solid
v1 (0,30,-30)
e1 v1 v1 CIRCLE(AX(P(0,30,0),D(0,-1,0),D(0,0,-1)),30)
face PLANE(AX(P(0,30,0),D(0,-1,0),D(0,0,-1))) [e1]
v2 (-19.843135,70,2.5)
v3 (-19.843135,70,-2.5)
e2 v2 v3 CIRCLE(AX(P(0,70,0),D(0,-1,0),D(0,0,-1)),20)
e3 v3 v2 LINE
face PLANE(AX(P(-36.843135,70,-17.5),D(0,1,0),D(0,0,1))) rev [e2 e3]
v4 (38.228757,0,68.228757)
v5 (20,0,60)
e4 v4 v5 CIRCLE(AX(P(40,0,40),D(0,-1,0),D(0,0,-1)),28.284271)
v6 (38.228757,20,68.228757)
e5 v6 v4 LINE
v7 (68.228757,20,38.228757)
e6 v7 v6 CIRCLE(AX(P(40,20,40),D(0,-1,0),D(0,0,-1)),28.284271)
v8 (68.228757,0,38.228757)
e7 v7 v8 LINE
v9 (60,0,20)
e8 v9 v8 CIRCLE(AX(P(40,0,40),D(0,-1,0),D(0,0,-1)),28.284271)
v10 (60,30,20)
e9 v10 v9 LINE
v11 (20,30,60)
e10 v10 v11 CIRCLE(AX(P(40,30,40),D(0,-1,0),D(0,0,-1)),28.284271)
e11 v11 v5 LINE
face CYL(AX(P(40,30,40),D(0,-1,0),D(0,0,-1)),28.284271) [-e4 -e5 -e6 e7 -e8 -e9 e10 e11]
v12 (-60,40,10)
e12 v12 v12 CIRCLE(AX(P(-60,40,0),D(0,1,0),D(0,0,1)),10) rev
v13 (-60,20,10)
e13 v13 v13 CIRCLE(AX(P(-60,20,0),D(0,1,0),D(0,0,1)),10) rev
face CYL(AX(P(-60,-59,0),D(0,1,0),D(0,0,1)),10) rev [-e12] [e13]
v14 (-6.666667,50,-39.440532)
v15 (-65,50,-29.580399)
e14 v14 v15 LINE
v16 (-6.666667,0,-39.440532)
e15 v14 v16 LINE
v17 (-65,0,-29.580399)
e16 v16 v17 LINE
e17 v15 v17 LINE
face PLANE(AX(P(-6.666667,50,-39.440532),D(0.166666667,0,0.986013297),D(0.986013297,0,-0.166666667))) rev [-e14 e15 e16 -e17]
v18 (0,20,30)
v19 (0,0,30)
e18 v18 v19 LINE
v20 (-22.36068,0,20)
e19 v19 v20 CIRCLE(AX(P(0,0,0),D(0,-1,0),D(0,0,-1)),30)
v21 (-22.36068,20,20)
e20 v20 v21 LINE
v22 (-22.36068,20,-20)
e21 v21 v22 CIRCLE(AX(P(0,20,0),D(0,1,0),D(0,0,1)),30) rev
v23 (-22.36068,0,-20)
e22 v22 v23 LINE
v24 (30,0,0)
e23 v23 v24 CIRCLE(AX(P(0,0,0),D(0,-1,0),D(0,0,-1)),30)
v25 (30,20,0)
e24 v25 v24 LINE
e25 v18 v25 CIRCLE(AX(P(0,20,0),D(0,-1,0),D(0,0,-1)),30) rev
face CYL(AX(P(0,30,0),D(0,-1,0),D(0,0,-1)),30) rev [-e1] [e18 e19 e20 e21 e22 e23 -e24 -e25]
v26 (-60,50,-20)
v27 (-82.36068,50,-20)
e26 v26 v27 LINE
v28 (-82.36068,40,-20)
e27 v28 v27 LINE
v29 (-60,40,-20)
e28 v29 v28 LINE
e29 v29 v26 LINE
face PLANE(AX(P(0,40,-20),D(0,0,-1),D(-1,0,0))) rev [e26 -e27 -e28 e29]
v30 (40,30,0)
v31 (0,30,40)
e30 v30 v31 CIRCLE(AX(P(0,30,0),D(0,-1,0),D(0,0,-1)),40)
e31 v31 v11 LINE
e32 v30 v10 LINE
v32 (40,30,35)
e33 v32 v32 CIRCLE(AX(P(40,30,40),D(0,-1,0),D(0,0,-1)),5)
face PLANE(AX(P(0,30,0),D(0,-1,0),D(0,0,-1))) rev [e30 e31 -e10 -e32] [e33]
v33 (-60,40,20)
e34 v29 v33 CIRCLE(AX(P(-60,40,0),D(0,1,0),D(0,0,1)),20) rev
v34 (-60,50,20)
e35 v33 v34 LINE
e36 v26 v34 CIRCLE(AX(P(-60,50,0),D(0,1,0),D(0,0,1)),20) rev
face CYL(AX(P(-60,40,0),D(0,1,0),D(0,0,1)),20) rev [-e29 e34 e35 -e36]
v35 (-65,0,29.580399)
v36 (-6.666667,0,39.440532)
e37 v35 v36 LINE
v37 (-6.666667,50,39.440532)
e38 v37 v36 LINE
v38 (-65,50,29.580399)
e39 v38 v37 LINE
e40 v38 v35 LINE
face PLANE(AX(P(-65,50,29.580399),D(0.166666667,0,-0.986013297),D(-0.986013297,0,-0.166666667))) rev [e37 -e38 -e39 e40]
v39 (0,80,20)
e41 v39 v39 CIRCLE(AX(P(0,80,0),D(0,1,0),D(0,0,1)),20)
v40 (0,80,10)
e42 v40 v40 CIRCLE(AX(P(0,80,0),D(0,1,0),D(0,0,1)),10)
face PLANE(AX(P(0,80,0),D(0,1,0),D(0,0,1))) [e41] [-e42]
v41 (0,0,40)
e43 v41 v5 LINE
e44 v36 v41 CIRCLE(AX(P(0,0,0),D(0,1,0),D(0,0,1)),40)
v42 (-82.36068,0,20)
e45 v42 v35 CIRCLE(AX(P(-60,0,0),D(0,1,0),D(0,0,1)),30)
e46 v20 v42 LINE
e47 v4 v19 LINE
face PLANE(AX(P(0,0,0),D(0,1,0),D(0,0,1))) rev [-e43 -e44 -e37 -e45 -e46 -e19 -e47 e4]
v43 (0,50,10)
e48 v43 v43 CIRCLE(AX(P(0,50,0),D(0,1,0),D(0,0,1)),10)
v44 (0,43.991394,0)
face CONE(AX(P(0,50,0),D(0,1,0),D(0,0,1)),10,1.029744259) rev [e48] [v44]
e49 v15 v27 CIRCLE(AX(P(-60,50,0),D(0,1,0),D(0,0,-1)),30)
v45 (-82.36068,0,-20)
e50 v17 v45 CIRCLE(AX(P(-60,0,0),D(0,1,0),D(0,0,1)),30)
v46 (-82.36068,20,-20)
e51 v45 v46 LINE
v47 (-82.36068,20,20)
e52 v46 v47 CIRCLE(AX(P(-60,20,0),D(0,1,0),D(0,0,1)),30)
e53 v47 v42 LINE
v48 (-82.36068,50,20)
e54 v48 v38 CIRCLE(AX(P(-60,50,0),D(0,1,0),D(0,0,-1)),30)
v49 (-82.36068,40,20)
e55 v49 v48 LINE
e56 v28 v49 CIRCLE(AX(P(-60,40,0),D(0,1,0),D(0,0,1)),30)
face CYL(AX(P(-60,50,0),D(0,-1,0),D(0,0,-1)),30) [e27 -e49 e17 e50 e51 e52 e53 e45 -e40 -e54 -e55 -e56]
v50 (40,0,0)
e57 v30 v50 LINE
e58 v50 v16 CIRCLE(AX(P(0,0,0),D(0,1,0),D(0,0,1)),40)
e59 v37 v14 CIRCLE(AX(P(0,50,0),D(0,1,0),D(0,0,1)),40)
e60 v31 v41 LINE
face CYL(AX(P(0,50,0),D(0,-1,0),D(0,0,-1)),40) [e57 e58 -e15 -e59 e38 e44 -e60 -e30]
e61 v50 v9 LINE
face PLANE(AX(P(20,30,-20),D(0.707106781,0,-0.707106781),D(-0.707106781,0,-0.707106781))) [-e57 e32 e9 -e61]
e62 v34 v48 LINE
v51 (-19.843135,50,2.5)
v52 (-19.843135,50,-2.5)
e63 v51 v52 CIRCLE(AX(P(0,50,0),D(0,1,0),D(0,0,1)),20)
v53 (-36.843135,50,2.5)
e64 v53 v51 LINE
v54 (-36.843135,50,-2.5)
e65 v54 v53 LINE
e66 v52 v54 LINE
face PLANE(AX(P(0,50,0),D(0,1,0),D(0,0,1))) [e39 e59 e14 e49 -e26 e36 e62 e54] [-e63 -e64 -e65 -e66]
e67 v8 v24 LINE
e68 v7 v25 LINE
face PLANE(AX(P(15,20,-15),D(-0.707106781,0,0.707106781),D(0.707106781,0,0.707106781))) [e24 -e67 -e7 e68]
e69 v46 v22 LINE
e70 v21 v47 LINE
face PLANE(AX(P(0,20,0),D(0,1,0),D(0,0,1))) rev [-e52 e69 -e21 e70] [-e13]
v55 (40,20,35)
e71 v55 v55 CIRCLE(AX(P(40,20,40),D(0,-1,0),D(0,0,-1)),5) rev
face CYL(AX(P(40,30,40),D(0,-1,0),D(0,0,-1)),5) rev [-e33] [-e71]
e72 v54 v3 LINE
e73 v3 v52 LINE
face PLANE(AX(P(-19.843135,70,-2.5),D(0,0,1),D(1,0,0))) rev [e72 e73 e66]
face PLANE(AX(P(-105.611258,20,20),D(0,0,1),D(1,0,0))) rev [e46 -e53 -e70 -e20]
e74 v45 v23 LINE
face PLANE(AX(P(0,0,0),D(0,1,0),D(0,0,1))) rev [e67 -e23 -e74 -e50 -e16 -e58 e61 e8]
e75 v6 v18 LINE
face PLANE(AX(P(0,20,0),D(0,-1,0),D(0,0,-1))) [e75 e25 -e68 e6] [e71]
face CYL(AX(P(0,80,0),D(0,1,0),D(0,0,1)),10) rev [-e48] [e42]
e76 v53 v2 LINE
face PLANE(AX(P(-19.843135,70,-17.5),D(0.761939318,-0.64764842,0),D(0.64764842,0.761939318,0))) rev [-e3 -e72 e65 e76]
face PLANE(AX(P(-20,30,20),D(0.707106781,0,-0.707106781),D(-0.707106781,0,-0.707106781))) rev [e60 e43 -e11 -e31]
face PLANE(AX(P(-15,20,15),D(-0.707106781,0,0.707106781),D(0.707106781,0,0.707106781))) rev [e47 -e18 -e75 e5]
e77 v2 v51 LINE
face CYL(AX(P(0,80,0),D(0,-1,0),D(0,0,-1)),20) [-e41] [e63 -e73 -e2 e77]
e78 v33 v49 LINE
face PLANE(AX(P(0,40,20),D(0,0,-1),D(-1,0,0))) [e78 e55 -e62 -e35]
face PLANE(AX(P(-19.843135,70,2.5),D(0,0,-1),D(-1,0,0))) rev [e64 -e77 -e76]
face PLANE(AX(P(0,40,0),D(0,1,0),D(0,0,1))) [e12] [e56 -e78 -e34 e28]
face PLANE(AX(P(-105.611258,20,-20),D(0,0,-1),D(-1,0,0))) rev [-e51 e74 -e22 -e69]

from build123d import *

# Parameters (mm, degrees)
BOSS_EXTRUDE1_DEPTH        = 50
SKETCH2_R                  = 30
CUT_EXTRUDE1_DEPTH         = 30
SKETCH3_R                  = 20
BOSS_EXTRUDE2_DEPTH        = 30
F_20_0MM_DOWEL_HOLE1_D     = 20
F_20_0MM_DOWEL_HOLE1_DEPTH = 30
F_20_0MM_DOWEL_HOLE1_TIP   = 6.00860619
SKETCH6_R                  = 10
CUT_EXTRUDE2_DEPTH         = 109
SKETCH7_R                  = 10
CUT_EXTRUDE3_DEPTH         = 10
BOSS_EXTRUDE3_DEPTH        = 30
SKETCH11_R                 = 5
CUT_EXTRUDE4_DEPTH         = 30
SKETCH13_R                 = 5
CUT_EXTRUDE5_DEPTH         = 20
SKETCH14_W                 = 17
SKETCH14_H                 = 5
BOSS_EXTRUDE4_DEPTH        = 20
SKETCH15_W                 = 91.222515674
SKETCH15_H                 = 40
CUT_EXTRUDE6_DEPTH         = 20
CUT_EXTRUDE7_DEPTH         = 20


with BuildPart() as part:
    # Sketch1 → Boss-Extrude1 (new body)
    with BuildSketch(Plane(origin=(0, 0, 0), x_dir=(1, 0, 0), z_dir=(0, 1, 0))):
        with BuildLine():
            Line((-6.666666667, 39.440531887), (-65, 29.580398915))
            ThreePointArc((-65, 29.580398915), (-74.494747679, 26.265991124), (-82.360679775, 20))
            ThreePointArc((-82.360679775, 20), (-90, 0), (-82.360679775, -20))
            ThreePointArc((-82.360679775, -20), (-74.494747679, -26.265991124), (-65, -29.580398915))
            Line((-65, -29.580398915), (-6.666666667, -39.440531887))
            ThreePointArc((-6.666666667, -39.440531887), (-3.345050411, -39.859887578), (0, -40))
            ThreePointArc((0, -40), (40, 0), (0, 40))
            ThreePointArc((0, 40), (-3.345050411, 39.859887578), (-6.666666667, 39.440531887))
        make_face()
    extrude(amount=BOSS_EXTRUDE1_DEPTH)

    # Sketch2 → Cut-Extrude1 (cut)
    with BuildSketch(Plane.XZ):
        Circle(SKETCH2_R)
    extrude(amount=-CUT_EXTRUDE1_DEPTH, mode=Mode.SUBTRACT)

    # Sketch3 → Boss-Extrude2 (add)
    with BuildSketch(Plane(origin=(0, 50, 0), x_dir=(1, 0, 0), z_dir=(0, 1, 0))):
        Circle(SKETCH3_R)
    extrude(amount=BOSS_EXTRUDE2_DEPTH)

    # Ø20.0mm Dowel Hole1
    with Locations(Plane.ZX.offset(80)):
        with Locations((0, 0)):
            Hole(F_20_0MM_DOWEL_HOLE1_D / 2, depth=F_20_0MM_DOWEL_HOLE1_DEPTH)
            with Locations((0, 0, -(F_20_0MM_DOWEL_HOLE1_DEPTH + F_20_0MM_DOWEL_HOLE1_TIP / 2))):  # 118° drill point
                Cone(0, F_20_0MM_DOWEL_HOLE1_D / 2, F_20_0MM_DOWEL_HOLE1_TIP, mode=Mode.SUBTRACT)

    # Sketch6 → Cut-Extrude2 (cut)
    with BuildSketch(Plane(origin=(0, 50, 0), x_dir=(1, 0, 0), z_dir=(0, 1, 0))):
        with Locations((-60, 0)):
            Circle(SKETCH6_R)
    extrude(amount=-CUT_EXTRUDE2_DEPTH, mode=Mode.SUBTRACT)

    # Sketch7 → Cut-Extrude3 (cut)
    with BuildSketch(Plane(origin=(0, 50, 0), x_dir=(1, 0, 0), z_dir=(0, 1, 0))):
        with BuildLine():
            ThreePointArc((-60, -20), (-40, 0), (-60, 20))
            Line((-60, 20), (-82.360679775, 20))
            ThreePointArc((-82.360679775, 20), (-90, 0), (-82.360679775, -20))
            Line((-82.360679775, -20), (-60, -20))
        make_face()
        with Locations((-60, 0)):
            Circle(SKETCH7_R, mode=Mode.SUBTRACT)
    extrude(amount=-CUT_EXTRUDE3_DEPTH, mode=Mode.SUBTRACT)

    # Sketch10 → Boss-Extrude3 (add)
    with BuildSketch(Plane.XZ):
        with BuildLine():
            Line((20, 60), (0, 40))
            ThreePointArc((0, 40), (28.284271247, 28.284271247), (40, 0))
            Line((40, 0), (60, 20))
            ThreePointArc((60, 20), (60, 60), (20, 60))
        make_face()
    extrude(amount=-BOSS_EXTRUDE3_DEPTH)

    # Sketch11 → Cut-Extrude4 (cut)
    with BuildSketch(Plane(origin=(0, 0, 0), x_dir=(-1, 0, 0), z_dir=(0, -1, 0))):
        with Locations((-40, -40)):
            Circle(SKETCH11_R)
    extrude(amount=-CUT_EXTRUDE4_DEPTH, mode=Mode.SUBTRACT)

    # Sketch13 → Cut-Extrude5 (cut)
    with BuildSketch(Plane(origin=(0, 0, 0), x_dir=(-1, 0, 0), z_dir=(0, -1, 0))):
        with BuildLine():
            ThreePointArc((-68.228756555, -38.228756555), (-60, -60), (-38.228756555, -68.228756555))
            Line((-38.228756555, -68.228756555), (0, -30))
            ThreePointArc((0, -30), (-21.213203436, -21.213203436), (-30, 0))
            Line((-30, 0), (-68.228756555, -38.228756555))
        make_face()
        with Locations((-40, -40)):
            Circle(SKETCH13_R, mode=Mode.SUBTRACT)
    extrude(amount=-CUT_EXTRUDE5_DEPTH, mode=Mode.SUBTRACT)

    # Sketch14 → Boss-Extrude4 (add)
    with BuildSketch(Plane(origin=(0, 50, 0), x_dir=(1, 0, 0), z_dir=(0, 1, 0))):
        with Locations((-28.343134833, 0)):
            Rectangle(SKETCH14_W, SKETCH14_H)
    extrude(amount=BOSS_EXTRUDE4_DEPTH)

    # Sketch15 → Cut-Extrude6 (cut)
    with BuildSketch(Plane.XZ):
        with Locations((-60, 0)):
            Rectangle(SKETCH15_W, SKETCH15_H)
    extrude(amount=-CUT_EXTRUDE6_DEPTH, mode=Mode.SUBTRACT)

    # Sketch16 → Cut-Extrude7 (cut)
    with BuildSketch(Plane.XY.offset(2.5)):
        Polygon((-19.843134833, 70), (-36.843134833, 50), (-36.843134833, 70), align=None)
    extrude(amount=-CUT_EXTRUDE7_DEPTH, mode=Mode.SUBTRACT)


solid = part.part
